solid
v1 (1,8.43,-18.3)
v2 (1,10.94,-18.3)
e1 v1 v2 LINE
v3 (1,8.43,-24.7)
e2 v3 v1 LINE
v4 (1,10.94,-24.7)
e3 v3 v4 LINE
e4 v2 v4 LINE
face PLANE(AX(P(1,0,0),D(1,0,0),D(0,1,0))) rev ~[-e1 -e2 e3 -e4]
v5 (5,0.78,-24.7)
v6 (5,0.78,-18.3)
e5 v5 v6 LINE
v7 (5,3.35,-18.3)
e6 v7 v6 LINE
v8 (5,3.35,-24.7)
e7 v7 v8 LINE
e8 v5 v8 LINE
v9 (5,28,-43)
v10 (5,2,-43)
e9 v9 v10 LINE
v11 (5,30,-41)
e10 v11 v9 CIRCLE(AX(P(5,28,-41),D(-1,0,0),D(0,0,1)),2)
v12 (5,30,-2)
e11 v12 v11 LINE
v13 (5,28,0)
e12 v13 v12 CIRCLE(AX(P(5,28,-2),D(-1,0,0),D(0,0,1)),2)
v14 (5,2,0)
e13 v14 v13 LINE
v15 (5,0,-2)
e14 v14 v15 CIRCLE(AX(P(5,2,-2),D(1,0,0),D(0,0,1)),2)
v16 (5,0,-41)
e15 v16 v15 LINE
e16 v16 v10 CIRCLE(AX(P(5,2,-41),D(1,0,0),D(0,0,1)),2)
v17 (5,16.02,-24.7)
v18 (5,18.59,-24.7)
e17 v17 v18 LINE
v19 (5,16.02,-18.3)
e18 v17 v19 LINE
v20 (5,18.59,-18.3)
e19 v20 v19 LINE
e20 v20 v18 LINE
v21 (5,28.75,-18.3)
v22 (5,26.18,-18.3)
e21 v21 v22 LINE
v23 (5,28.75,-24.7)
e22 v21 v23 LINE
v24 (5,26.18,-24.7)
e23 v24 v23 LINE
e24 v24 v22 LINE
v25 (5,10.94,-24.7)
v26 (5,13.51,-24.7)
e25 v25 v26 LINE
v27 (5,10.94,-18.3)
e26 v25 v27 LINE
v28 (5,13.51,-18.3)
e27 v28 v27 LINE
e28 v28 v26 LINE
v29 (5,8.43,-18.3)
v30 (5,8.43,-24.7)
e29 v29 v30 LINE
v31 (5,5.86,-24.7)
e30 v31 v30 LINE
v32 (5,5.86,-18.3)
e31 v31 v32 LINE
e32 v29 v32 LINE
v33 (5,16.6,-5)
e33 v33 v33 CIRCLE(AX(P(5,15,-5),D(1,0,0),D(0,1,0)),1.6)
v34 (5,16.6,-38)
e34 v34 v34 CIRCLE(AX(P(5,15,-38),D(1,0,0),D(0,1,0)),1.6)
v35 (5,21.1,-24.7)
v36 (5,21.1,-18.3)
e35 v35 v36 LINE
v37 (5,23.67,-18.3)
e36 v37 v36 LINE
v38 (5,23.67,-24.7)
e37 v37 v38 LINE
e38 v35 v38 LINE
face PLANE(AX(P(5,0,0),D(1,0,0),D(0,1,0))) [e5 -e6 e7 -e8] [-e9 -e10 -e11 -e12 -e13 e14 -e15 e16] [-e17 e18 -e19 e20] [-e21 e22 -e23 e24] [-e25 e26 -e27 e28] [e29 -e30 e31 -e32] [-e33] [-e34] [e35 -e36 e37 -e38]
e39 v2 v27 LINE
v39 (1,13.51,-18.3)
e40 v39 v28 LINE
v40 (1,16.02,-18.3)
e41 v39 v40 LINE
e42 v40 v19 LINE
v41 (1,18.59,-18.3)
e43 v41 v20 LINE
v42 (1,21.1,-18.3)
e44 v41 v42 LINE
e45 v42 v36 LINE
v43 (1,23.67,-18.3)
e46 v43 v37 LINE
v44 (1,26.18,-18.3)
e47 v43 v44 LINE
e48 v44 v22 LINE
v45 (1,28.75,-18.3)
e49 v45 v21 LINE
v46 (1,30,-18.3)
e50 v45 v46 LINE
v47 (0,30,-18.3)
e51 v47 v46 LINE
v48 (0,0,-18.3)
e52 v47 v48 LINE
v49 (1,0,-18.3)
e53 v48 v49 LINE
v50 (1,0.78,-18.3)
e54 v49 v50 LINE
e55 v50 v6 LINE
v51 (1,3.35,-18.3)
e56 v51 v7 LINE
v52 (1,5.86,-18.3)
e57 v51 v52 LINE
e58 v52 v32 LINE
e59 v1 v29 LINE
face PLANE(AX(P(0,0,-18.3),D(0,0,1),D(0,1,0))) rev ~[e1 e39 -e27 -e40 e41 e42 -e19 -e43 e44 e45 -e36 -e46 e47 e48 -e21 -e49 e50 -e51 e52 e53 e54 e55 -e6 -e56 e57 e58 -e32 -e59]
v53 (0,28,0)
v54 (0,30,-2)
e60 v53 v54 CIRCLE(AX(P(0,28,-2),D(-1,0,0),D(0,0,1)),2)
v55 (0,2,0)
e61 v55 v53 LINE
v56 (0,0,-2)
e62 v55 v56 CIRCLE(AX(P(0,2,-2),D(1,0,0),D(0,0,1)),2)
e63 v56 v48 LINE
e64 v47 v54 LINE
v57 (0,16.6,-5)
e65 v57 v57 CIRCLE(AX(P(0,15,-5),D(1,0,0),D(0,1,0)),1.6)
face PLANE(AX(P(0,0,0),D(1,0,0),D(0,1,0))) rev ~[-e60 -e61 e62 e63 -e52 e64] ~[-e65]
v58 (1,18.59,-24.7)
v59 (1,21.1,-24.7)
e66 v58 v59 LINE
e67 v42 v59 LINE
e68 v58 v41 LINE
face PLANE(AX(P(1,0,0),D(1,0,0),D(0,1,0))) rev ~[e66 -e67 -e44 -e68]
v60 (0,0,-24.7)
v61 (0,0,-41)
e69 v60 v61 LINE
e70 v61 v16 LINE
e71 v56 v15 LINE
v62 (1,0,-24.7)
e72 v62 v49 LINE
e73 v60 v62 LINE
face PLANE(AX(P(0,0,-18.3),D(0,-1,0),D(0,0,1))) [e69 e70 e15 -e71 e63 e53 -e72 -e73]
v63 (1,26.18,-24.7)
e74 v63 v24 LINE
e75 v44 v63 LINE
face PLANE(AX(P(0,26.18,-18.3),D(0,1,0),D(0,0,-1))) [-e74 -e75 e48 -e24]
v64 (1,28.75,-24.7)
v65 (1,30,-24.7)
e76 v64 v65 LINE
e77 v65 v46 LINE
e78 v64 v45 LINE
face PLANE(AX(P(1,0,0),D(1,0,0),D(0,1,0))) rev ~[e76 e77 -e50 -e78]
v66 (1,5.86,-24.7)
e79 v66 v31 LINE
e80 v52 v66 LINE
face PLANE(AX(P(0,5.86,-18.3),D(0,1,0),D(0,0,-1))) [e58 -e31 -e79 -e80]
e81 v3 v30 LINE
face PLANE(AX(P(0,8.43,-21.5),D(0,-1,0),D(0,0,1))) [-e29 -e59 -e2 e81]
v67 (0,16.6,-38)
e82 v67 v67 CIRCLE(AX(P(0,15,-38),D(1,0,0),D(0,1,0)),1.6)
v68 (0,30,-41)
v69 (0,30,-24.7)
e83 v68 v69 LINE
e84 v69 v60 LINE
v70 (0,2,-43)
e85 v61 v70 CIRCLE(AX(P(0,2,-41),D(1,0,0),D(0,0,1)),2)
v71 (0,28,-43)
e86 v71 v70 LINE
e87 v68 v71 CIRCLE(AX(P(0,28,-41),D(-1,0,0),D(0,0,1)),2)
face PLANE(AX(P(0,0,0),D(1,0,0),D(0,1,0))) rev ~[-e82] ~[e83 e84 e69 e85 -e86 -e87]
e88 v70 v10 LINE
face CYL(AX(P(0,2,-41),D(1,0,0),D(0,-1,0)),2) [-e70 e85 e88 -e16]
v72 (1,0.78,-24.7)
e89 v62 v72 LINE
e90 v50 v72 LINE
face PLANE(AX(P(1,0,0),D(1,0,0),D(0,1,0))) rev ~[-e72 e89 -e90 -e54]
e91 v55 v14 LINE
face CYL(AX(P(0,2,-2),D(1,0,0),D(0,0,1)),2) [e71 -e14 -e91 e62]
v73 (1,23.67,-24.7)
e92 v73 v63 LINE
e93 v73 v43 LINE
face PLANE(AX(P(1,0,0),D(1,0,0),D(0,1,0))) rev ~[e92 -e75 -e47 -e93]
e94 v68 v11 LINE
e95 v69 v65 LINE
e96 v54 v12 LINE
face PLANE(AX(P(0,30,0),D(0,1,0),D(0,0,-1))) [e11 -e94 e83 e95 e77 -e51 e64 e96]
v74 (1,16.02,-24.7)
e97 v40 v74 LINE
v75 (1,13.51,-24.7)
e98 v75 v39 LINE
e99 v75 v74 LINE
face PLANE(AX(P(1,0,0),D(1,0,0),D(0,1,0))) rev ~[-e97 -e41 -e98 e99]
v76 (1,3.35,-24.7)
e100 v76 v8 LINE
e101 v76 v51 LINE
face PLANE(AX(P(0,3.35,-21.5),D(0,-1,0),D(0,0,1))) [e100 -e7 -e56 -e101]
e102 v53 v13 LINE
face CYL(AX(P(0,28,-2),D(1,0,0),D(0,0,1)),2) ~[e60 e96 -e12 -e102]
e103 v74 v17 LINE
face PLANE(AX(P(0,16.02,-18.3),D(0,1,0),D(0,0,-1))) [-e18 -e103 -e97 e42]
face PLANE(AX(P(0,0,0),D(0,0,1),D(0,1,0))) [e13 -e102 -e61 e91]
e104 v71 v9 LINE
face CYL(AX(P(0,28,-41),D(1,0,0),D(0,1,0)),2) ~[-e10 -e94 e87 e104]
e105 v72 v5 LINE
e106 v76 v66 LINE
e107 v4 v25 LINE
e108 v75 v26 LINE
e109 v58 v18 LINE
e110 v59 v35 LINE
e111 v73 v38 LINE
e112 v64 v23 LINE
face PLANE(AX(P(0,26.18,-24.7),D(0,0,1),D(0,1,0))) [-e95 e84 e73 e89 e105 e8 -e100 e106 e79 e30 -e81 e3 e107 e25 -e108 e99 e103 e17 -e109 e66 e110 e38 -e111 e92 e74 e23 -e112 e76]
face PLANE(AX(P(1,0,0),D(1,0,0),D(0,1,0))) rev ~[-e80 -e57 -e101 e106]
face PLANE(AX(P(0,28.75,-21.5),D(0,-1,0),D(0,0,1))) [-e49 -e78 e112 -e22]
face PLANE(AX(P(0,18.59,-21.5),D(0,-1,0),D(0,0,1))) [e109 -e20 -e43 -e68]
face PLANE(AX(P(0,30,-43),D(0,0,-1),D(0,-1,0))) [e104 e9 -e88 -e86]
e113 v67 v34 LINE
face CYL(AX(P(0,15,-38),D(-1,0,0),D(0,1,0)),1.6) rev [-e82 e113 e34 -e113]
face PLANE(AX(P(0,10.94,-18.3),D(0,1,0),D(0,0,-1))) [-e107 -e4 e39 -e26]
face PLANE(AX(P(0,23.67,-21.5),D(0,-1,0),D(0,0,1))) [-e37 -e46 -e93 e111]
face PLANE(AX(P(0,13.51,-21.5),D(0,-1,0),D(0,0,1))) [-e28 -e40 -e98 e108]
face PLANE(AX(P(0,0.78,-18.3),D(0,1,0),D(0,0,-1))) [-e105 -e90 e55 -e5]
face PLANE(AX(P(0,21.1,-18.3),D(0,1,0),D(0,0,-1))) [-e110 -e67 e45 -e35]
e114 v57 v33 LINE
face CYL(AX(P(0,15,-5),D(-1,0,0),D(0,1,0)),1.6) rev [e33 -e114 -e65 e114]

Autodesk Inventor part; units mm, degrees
ref_plane "YZ Plane" through (0, 0, 0) normal (1, 0, 0) x (0, 1, 0)
ref_plane "XZ Plane" through (0, 0, 0) normal (0, 1, 0) x (-1, 0, 0)
ref_plane "XY Plane" through (0, 0, 0) normal (0, 0, 1) x (1, 0, 0)
sketch "スケッチ1" plane through (0, 0, 0) normal (1, 0, 0) x (0, 1, 0)
  line L0 (0, 0) -> (30, 0)
  line L1 (30, 0) -> (30, -43)
  line L2 (30, -43) -> (0, -43)
  line L3 (0, -43) -> (0, 0)
  circle A0 centre (15, -5) radius 1.6
  circle A1 centre (15, -38) radius 1.6
  line L4 (28.75, -18.3) -> (26.18, -18.3)
  line L5 (26.18, -18.3) -> (26.18, -24.7)
  line L6 (26.18, -24.7) -> (28.75, -24.7)
  line L7 (28.75, -24.7) -> (28.75, -18.3)
  line L8 (30, -21.5) -> (0, -21.5)
  line L9 (23.67, -18.3) -> (21.1, -18.3)
  line L10 (21.1, -24.7) -> (23.67, -24.7)
  line L11 (23.67, -24.7) -> (23.67, -18.3)
  line L12 (21.1, -18.3) -> (21.1, -24.7)
  line L13 (18.59, -18.3) -> (16.02, -18.3)
  line L14 (16.02, -24.7) -> (18.59, -24.7)
  line L15 (18.59, -24.7) -> (18.59, -18.3)
  line L16 (16.02, -18.3) -> (16.02, -24.7)
  line L17 (13.51, -18.3) -> (10.94, -18.3)
  line L18 (10.94, -24.7) -> (13.51, -24.7)
  line L19 (13.51, -24.7) -> (13.51, -18.3)
  line L20 (10.94, -18.3) -> (10.94, -24.7)
  line L21 (8.43, -18.3) -> (5.86, -18.3)
  line L22 (5.86, -24.7) -> (8.43, -24.7)
  line L23 (8.43, -24.7) -> (8.43, -18.3)
  line L24 (5.86, -18.3) -> (5.86, -24.7)
  line L25 (3.35, -18.3) -> (0.78, -18.3)
  line L26 (0.78, -24.7) -> (3.35, -24.7)
  line L27 (3.35, -24.7) -> (3.35, -18.3)
  line L28 (0.78, -18.3) -> (0.78, -24.7)
  line L29 (30, -24.7) -> (0, -24.7)
  line L30 (0, -24.7) -> (0, -18.3)
  line L31 (0, -18.3) -> (30, -18.3)
  line L32 (30, -18.3) -> (30, -24.7)
  point P0 (0, -24.7)
  dimension "d0" = 30
  dimension "d1" = 43
  dimension "d2" = 3.2
  dimension "d3" = 3.2
  dimension "d4" = 5
  dimension "d5" = 15
  dimension "d6" = 15
  dimension "d7" = 5
  dimension "d8" = 2.57
  dimension "d9" = 6.4
  dimension "d10" = 3.2
  dimension "d11" = 1.25
  dimension "d14" = 5.08
  dimension "d22" = 0
  dimension "d23" = 0
extrude "押し出し1" add sketch "スケッチ1" along normal blind 5 contours L0 L1 L31 L4 L9 L13 L17 L21 L25 L3 | L31 L28 L8 L3 | L1 L8 L7 L31 | L8 L28 L29 L3 | L1 L29 L7 L8 | L29 L26 L22 L18 L14 L10 L6 L1 L2 L3 | L31 L24 L8 L27 | L5 L8 L11 L31 | L8 L24 L29 L27 | L5 L29 L11 L8 | L31 L20 L8 L23 | L12 L8 L15 L31 | L8 L20 L29 L23 | L12 L29 L15 L8 | L31 L16 L8 L19 | L8 L16 L29 L19
fillet "フィレット1" radius 2 4 edges at (2.5, 30, 0) (2.5, 0, 0) (2.5, 0, -43) (2.5, 30, -43)
extrude "押し出し2" cut sketch "スケッチ1" along normal blind 1 contours L31 L28 L8 L3 | L1 L8 L7 L31 | L8 L28 L29 L3 | L25 L27 L8 L28 | L1 L29 L7 L8 | L7 L8 L5 L4 | L8 L27 L26 L28 | L31 L24 L8 L27 | L7 L6 L5 L8 | L5 L8 L11 L31 | L8 L24 L29 L27 | L21 L23 L8 L24 | L5 L29 L11 L8 | L11 L8 L12 L9 | L8 L23 L22 L24 | L31 L20 L8 L23 | L11 L10 L12 L8 | L12 L8 L15 L31 | L8 L20 L29 L23 | L17 L19 L8 L20 | L12 L29 L15 L8 | L15 L8 L16 L13 | L8 L19 L18 L20 | L31 L16 L8 L19 | L15 L14 L16 L8 | L8 L16 L29 L19
equation "\"d6\" = d5"
equation "\"d7\" = d4"
properties part number "dribl-v3-3DP-3" material "ABS プラスチック"
